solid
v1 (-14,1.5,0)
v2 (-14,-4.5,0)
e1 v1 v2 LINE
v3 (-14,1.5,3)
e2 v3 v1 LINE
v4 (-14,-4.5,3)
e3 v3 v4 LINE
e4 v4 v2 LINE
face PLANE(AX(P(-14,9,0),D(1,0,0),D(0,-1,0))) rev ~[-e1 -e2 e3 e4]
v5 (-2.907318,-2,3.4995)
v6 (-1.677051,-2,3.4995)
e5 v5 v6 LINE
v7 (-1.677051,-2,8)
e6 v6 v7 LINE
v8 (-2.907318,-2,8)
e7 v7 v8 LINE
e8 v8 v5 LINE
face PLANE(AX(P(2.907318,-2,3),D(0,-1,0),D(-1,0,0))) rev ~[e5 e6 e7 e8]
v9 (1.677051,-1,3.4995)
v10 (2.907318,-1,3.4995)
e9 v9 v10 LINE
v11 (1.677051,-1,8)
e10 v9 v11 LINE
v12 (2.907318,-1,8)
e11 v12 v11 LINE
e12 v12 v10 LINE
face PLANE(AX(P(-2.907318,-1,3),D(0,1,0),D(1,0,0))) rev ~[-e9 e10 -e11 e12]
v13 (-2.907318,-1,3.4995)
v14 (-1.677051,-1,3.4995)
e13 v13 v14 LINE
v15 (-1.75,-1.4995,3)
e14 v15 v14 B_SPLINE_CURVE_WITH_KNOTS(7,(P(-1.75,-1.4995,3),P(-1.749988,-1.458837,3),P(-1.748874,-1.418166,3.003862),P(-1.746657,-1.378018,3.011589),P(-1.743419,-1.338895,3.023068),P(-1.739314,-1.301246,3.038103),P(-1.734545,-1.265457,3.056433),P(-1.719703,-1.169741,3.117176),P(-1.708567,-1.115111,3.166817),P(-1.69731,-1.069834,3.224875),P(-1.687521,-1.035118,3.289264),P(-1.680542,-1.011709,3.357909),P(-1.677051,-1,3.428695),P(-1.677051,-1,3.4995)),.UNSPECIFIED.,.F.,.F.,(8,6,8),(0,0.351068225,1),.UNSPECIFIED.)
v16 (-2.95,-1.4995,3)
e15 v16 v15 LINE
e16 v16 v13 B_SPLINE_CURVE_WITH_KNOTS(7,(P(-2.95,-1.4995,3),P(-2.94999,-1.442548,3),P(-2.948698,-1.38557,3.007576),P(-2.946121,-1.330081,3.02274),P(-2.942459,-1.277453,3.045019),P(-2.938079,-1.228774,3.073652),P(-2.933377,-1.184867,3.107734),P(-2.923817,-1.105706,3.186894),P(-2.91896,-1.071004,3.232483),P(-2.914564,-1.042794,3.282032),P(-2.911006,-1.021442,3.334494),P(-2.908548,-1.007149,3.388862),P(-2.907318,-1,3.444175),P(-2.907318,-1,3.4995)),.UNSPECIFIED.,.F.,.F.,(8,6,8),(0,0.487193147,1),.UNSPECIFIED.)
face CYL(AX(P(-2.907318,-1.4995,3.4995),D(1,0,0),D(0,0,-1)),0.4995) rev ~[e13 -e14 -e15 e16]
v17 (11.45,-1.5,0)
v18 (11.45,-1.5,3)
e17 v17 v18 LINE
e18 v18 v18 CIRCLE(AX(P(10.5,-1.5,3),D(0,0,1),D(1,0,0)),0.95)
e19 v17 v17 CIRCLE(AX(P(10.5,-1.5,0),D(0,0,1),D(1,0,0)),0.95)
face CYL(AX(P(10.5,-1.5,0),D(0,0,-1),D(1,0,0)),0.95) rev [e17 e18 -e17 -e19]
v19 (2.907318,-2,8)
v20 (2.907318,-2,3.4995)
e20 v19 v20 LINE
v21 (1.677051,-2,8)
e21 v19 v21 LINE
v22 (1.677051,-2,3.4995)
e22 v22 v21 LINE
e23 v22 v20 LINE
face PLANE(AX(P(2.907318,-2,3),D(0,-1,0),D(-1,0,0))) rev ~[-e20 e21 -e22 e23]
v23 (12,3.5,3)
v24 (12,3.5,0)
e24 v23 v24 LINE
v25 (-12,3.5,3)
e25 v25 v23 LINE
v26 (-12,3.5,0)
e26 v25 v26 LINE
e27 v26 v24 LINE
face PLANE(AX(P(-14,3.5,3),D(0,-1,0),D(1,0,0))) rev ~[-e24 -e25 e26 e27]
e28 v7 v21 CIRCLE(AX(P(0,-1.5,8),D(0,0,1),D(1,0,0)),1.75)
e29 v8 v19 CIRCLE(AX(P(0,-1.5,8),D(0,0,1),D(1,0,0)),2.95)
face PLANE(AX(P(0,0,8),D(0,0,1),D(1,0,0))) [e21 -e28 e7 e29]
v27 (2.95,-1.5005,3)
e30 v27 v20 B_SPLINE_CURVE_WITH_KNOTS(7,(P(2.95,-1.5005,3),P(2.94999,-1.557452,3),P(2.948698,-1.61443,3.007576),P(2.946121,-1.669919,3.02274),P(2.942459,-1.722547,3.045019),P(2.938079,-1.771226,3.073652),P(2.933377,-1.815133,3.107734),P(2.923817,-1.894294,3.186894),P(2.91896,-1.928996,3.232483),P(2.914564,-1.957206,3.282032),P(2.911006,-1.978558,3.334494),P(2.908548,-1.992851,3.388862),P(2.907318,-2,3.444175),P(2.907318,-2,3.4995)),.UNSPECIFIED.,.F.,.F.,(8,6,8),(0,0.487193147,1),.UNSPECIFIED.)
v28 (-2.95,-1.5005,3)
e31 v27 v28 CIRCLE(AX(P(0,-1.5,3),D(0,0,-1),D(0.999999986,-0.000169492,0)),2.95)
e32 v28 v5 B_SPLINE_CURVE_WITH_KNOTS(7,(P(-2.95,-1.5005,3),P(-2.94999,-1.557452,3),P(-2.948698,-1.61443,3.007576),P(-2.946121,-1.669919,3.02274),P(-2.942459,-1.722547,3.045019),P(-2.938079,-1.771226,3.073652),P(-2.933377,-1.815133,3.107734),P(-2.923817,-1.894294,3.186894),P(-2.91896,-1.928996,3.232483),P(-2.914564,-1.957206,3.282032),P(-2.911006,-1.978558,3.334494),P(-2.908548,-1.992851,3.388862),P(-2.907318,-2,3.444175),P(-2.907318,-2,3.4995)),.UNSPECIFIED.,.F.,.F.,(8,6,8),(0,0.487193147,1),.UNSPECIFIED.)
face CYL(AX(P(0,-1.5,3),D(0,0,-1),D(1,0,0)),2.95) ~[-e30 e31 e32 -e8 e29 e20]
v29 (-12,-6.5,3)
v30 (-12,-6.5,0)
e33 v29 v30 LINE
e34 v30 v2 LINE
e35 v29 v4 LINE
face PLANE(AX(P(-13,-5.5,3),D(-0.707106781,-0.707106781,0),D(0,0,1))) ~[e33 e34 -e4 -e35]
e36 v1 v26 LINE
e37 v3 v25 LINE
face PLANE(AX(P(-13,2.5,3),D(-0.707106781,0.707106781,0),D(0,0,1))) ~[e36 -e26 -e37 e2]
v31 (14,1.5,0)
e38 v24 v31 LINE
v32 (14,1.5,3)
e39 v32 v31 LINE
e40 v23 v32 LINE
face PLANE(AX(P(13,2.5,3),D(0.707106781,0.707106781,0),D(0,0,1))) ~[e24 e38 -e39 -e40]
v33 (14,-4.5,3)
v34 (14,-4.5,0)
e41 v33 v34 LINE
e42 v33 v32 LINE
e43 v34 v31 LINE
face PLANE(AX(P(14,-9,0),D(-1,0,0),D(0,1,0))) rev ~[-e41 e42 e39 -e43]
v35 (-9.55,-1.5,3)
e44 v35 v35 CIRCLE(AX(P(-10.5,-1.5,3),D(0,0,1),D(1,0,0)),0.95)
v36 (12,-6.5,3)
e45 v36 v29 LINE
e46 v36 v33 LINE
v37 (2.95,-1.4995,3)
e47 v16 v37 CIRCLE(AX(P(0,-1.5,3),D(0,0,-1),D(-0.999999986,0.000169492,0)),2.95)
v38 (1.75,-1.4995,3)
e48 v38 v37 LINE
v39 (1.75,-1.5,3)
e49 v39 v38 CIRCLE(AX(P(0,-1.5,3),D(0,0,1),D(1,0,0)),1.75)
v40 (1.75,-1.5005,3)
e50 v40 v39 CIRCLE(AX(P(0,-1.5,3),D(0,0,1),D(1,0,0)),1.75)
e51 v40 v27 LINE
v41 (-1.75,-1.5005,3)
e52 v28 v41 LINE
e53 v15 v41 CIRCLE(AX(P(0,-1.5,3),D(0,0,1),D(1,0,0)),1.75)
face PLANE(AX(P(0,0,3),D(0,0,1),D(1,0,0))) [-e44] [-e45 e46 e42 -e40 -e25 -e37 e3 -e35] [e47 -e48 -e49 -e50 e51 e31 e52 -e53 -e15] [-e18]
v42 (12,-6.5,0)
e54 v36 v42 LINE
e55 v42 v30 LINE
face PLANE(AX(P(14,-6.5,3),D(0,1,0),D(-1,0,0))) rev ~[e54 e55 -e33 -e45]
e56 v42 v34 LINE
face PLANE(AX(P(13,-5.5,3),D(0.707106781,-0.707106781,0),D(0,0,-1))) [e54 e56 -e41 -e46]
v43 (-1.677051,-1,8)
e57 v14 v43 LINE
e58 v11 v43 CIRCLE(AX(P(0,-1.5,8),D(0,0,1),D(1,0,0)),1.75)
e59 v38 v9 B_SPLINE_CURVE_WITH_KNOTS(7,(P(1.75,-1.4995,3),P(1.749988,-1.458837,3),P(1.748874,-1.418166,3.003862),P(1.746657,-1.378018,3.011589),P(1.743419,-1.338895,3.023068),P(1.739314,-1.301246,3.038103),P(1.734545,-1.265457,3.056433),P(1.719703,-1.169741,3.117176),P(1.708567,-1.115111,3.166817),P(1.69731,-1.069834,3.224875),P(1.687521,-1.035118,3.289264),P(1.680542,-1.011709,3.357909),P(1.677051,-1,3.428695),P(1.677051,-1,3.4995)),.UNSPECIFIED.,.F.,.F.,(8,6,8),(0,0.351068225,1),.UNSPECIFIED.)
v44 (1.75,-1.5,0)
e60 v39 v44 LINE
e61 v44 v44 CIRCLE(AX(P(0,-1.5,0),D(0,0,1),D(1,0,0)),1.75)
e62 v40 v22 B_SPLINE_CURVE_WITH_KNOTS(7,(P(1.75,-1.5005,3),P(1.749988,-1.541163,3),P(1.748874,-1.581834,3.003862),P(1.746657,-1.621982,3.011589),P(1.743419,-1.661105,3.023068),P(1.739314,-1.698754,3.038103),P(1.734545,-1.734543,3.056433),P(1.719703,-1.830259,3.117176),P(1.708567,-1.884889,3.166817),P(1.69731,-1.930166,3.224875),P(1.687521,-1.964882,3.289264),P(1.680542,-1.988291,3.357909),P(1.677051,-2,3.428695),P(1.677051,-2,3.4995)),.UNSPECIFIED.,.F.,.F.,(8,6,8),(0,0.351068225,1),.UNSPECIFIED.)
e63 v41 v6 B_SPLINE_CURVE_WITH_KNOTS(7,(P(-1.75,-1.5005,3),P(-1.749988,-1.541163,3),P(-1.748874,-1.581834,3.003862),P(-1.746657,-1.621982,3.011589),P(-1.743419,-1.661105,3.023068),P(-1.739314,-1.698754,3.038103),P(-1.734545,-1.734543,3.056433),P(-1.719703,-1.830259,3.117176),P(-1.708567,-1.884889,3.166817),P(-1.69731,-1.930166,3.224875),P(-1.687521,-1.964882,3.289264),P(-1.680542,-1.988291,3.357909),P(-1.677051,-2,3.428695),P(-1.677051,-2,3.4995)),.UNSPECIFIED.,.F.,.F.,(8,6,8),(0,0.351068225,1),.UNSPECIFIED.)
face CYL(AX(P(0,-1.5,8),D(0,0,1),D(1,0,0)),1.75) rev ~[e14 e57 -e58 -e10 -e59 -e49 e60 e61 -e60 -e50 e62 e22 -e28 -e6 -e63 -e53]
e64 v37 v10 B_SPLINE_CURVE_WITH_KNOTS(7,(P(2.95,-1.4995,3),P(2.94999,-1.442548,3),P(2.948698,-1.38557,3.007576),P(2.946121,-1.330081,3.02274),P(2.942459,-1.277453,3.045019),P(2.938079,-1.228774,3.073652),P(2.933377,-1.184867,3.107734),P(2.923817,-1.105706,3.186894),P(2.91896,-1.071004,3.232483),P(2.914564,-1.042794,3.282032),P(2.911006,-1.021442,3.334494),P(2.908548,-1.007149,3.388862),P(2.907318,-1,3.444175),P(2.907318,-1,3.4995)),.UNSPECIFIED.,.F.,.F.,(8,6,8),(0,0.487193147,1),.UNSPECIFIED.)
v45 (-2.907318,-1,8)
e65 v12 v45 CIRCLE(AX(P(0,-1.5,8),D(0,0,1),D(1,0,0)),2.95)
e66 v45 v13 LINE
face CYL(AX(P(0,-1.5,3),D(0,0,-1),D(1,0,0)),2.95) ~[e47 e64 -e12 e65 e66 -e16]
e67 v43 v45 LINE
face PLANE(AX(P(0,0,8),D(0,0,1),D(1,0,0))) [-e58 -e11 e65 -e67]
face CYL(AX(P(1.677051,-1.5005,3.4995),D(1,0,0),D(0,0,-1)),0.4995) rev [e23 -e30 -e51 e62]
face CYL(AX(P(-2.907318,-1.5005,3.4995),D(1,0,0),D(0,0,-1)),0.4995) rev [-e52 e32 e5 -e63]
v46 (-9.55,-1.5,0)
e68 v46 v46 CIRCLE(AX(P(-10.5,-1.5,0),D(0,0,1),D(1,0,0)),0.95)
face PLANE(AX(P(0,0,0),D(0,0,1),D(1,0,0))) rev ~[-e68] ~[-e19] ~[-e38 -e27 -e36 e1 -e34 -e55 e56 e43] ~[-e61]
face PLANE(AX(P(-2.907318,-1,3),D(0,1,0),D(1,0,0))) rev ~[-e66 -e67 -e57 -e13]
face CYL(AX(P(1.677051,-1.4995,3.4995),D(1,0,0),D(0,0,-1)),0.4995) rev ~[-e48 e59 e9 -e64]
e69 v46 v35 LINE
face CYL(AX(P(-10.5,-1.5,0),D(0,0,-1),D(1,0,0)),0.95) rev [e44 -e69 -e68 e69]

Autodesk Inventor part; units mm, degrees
ref_plane "YZ Plane" through (0, 0, 0) normal (1, 0, 0) x (0, 1, 0)
ref_plane "XZ Plane" through (0, 0, 0) normal (0, 1, 0) x (-1, 0, 0)
ref_plane "XY Plane" through (0, 0, 0) normal (0, 0, 1) x (1, 0, 0)
sketch "Sketch1" plane through (0, 0, 0) normal (0, 0, 1) x (1, 0, 0)
  circle A0 centre (10.5, -1.5) radius 0.95 projected
  circle A1 centre (-10.5, -1.5) radius 0.95 projected
  line L0 (14, 9) -> (-14, 9) projected
  line L1 (-14, 9) -> (-14, -9) projected
  line L2 (-14, -9) -> (-7.5, -9) projected
  line L3 (-7.5, -9) -> (-7.5, -1.5) projected
  arc A2 (7.5, -1.5) -> (-7.5, -1.5) centre (0, -1.5) ccw projected
  line L4 (7.5, -1.5) -> (7.5, -9) projected
  line L5 (7.5, -9) -> (14, -9) projected
  line L6 (14, -9) -> (14, 9) projected
  line L7 (-7.5, -9) -> (7.5, -9)
  point P0 (0, 0)
extrude "Extrusion1" add sketch "Sketch1" along normal blind 3
sketch "Sketch2" plane through (0, 0, 3) normal (0, 0, 1) x (1, 0, 0)
  circle A0 centre (0, -1.5) radius 3 projected
  circle A1 centre (0, -1.5) radius 2.95
  point P0 (0, 0)
  dimension "d4" = 5.9
extrude "Extrusion2" add sketch "Sketch2" along normal blind 5 contours A1
sketch "Sketch3" plane through (0, -1.5, 8) normal (0, 0, 1) x (1, 0, 0)
  circle A0 centre (0, 0) radius 2.95 projected
  circle A1 centre (0, 0) radius 1.75
  point P0 (0, 1.5)
  dimension "d7" = 3.5
extrude "Extrusion3" cut sketch "Sketch3" against normal blind 8 contours A1
sketch "Sketch4" plane through (0, 0, 3) normal (0, 0, 1) x (1, 0, 0)
  circle A0 centre (0, -1.5) radius 2.95 projected
  line L0 (14, -9) -> (14, 9) projected
  line L1 (14, 9) -> (-14, 9) projected
  line L2 (-14, 9) -> (-14, -9) projected
  line L3 (-14, -9) -> (14, -9) projected
  circle A1 centre (10.5, -1.5) radius 0.95 projected
  circle A2 centre (-10.5, -1.5) radius 0.95 projected
  line L4 (-5, -2) -> (-5, -1)
  line L5 (-5, -1) -> (5, -1)
  line L6 (5, -1) -> (5, -2)
  line L7 (5, -2) -> (-5, -2)
  line L8 (-5, -2) -> (5, -1) construction
  line L9 (-5, -1) -> (5, -2) construction
  point P0 (0, 0)
  dimension "d10" = 1
  dimension "d11" = 10
extrude "Extrusion4" cut sketch "Sketch4" along normal up to surface (5 mm away) contours A0 L7 L5 | A0 L5 L6 L7 | A0 L7 L4 L5
fillet "Fillet1" radius 0.5 4 edges at (2.2922, -2, 3) (-2.2922, -2, 3) (2.2922, -1, 3) (-2.2922, -1, 3)
sketch "Sketch5" plane through (0, 0, 3) normal (0, 0, 1) x (1, 0, 0)
  arc A0 (2.95, -1.5) -> (-2.95, -1.5) centre (0, -1.5) ccw projected
  arc A1 (-2.95, -1.5) -> (2.95, -1.5) centre (0, -1.5) ccw projected
  line L0 (14, -9) -> (14, 9) projected
  line L1 (14, 9) -> (-14, 9) projected
  line L2 (-14, 9) -> (-14, -9) projected
  line L3 (-14, -9) -> (14, -9) projected
  circle A2 centre (10.5, -1.5) radius 0.95 projected
  circle A3 centre (-10.5, -1.5) radius 0.95 projected
  line L4 (-17.5, -6.5) -> (-17.5, 3.5)
  line L5 (-17.5, 3.5) -> (17.5, 3.5)
  line L6 (17.5, 3.5) -> (17.5, -6.5)
  line L7 (17.5, -6.5) -> (-17.5, -6.5)
  line L8 (-17.5, -6.5) -> (17.5, 3.5) construction
  line L9 (-17.5, 3.5) -> (17.5, -6.5) construction
  point P0 (0, 0)
  point P1 (-14, 3.5)
  point P2 (14, 3.5)
  point P3 (14, -6.5)
  point P4 (-14, -6.5)
  dimension "d15" = 10
  dimension "d16" = 35
extrude "Extrusion5" cut sketch "Sketch5" against normal blind 8 contours L3 L2 L7 L0 | L5 L2 L1 L0
chamfer "Chamfer1" distance 2 angle 45 4 edges at (-14, 3.5, 1.5) (-14, -6.5, 1.5) (14, 3.5, 1.5) (14, -6.5, 1.5)
properties part number "pin_1"
